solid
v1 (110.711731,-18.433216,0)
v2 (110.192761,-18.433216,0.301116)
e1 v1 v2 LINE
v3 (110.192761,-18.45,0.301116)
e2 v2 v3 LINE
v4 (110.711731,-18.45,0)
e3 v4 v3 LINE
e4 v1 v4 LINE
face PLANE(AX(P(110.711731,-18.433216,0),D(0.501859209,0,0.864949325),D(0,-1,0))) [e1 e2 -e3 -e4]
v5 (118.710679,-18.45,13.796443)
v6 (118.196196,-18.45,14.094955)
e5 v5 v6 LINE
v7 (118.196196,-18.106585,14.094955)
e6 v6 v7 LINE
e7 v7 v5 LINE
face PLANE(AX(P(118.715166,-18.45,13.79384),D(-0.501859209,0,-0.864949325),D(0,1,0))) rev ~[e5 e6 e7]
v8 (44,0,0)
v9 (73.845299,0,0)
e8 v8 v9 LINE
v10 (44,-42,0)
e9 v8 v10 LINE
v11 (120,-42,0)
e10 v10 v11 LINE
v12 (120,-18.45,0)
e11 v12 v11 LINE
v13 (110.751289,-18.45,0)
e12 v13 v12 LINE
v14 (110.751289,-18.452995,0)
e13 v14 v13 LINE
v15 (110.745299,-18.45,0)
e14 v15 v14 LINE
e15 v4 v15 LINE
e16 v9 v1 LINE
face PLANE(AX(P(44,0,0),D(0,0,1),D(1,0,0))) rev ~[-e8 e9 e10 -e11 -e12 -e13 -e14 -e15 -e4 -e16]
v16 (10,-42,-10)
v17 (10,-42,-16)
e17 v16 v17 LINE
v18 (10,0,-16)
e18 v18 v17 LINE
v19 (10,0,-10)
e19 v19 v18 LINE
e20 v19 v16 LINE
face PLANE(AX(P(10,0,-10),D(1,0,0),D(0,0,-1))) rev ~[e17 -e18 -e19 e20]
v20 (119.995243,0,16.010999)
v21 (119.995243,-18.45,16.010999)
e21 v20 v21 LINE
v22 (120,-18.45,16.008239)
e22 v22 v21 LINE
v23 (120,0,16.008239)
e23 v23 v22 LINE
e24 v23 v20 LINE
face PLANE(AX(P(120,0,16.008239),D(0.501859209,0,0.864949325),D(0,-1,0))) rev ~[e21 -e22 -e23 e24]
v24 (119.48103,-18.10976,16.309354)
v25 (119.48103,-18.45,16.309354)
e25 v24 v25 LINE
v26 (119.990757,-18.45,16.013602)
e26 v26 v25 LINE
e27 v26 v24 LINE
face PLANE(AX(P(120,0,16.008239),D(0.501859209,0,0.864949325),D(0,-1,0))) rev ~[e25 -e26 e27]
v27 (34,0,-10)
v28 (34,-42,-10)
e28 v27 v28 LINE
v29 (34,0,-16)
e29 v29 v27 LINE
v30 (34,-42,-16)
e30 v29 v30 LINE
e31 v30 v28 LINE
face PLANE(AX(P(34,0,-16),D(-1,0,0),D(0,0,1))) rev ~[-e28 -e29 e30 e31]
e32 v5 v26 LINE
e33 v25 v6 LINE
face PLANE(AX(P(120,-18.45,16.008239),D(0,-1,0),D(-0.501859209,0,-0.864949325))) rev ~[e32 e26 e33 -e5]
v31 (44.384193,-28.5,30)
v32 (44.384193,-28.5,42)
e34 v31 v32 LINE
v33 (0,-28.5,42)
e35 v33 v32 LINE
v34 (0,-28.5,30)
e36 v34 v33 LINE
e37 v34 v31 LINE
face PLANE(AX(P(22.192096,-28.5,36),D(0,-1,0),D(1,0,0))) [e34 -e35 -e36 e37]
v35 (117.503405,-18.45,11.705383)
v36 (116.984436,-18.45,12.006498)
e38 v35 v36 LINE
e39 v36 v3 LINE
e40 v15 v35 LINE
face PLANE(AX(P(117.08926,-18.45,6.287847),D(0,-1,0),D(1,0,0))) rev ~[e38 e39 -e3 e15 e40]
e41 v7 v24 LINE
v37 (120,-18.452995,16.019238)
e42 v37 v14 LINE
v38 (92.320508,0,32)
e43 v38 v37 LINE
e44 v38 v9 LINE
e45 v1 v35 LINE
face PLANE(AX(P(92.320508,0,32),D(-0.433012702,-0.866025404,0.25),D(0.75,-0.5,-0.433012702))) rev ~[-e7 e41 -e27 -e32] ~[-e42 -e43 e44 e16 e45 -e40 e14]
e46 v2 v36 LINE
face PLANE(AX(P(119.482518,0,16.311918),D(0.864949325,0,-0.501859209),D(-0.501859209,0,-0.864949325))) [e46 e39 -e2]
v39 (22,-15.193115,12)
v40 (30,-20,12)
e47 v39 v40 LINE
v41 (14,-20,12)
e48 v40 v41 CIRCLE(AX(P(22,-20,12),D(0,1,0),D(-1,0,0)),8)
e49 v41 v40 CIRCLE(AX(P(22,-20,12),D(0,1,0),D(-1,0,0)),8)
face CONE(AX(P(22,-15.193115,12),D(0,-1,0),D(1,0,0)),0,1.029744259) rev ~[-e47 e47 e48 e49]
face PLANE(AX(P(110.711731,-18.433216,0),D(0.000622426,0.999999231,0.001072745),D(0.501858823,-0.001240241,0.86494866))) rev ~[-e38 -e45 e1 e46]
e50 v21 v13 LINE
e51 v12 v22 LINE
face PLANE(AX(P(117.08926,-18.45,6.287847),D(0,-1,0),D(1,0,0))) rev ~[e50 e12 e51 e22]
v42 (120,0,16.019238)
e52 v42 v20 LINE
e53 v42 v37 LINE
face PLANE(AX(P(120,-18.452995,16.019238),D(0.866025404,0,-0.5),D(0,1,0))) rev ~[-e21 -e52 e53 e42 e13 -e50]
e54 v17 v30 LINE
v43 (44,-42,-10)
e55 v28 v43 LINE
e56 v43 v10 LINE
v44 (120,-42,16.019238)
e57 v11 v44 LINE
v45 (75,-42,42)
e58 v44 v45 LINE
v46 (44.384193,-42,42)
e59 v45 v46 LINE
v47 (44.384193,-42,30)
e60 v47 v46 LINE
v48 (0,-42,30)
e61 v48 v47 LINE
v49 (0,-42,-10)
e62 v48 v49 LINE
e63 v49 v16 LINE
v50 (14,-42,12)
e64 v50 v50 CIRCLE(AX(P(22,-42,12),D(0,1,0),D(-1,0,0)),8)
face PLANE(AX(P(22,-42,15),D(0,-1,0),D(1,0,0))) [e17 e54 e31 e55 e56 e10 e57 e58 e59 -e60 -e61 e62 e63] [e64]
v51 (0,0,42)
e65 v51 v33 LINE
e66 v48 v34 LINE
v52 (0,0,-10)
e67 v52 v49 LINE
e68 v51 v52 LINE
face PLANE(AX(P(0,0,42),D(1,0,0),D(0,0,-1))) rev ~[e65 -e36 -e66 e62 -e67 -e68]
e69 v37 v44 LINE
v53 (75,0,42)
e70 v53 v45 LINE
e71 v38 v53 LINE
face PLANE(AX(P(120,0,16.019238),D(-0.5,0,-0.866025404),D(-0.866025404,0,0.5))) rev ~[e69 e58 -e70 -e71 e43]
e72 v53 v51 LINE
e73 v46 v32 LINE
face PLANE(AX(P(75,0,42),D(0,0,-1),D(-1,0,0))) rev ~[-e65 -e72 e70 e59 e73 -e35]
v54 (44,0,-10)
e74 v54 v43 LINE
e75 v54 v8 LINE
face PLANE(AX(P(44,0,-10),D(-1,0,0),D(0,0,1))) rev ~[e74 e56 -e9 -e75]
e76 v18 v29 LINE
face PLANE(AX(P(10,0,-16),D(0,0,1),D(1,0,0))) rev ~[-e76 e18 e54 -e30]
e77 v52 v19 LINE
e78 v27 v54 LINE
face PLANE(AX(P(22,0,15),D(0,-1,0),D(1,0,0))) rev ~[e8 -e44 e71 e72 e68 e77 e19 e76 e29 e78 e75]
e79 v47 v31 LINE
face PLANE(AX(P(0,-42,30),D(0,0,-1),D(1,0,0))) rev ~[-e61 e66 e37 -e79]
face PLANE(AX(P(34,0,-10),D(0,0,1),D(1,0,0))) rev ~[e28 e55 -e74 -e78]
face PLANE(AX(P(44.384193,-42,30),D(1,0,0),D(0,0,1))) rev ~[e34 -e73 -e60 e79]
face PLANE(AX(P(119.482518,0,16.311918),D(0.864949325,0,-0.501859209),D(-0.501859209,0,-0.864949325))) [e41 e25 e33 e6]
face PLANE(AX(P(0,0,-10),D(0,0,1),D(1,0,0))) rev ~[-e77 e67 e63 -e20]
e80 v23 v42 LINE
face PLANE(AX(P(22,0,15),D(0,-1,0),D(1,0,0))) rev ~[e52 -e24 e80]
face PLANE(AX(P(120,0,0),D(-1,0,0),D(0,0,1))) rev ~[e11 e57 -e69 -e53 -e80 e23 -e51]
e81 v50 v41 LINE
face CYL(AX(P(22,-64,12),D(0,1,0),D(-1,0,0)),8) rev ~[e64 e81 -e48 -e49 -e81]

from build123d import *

# Parameters (mm, degrees)
F0_W      = 44
F0_H      = 30
F1_DEPTH  = 42
F3_D      = 16
F3_DEPTH  = 22
F3_TIP    = 4.8068849522
F4_W      = 44.3841926754
F4_H      = 12
F5_DEPTH  = 13.5
F8_DEPTH  = 87.7304734195
F10_DEPTH = 18.45
F11_DEPTH = 0.6


with BuildPart() as f1:
    # F0 (on Front) → F1 (new body)
    with BuildSketch(Plane.XZ):
        with Locations((22, 15)):
            Rectangle(F0_W, F0_H)
        Polygon((44, 0), (0, 0), (0, -10), (10, -10), (10, -16), (34, -16), (34, -10), (44, -10), align=None)
        Polygon((44, 30), (44, 0), (120, 0), (120, 16.0192378865), (75, 42), (0, 42), (0, 30), align=None)
    extrude(amount=F1_DEPTH)

    # F3
    with Locations(Plane.XZ.offset(42)):
        with Locations((22, 12)):
            Hole(F3_D / 2, depth=F3_DEPTH)
            with Locations((0, 0, -(F3_DEPTH + F3_TIP / 2))):  # 118° drill point
                Cone(0, F3_D / 2, F3_TIP, mode=Mode.SUBTRACT)

    # F4 (on face) → F5 (cut)
    with BuildSketch(Plane.XZ.offset(42)):
        with Locations((22.1920963377, 36)):
            Rectangle(F4_W, F4_H)
    extrude(amount=-F5_DEPTH, mode=Mode.SUBTRACT)

    # F7 (on face) → F8 (cut, through all)
    with BuildSketch(Plane(origin=(36.9365334795, 0, 63.9759526419), x_dir=(0.8660254038, 0, -0.5), z_dir=(0.5, 0, 0.8660254038))):
        Polygon((95.9134295109, 0), (63.9519052838, 0), (95.9134295109, -18.4529946162), align=None)
    extrude(amount=-F8_DEPTH, mode=Mode.SUBTRACT)

    # F9 (on face) → F10 (cut)
    with BuildSketch(Plane.XZ):
        Polygon((120.1416030526, 0), (120.0014874339, 16.0108022392), (110.7117310166, 0), align=None)
    extrude(amount=F10_DEPTH, mode=Mode.SUBTRACT)

    # F11 (cut): faces of the model
    f11_faces = [f1.faces().sort_by_distance(p)[0] for p in [
        (112.9756224533, -18.4444052592, 3.9017942404),
        (119.3575829171, -9.225, 14.9010392468),
    ]]
    extrude(f11_faces, amount=-F11_DEPTH, mode=Mode.SUBTRACT)


solid = f1.part
